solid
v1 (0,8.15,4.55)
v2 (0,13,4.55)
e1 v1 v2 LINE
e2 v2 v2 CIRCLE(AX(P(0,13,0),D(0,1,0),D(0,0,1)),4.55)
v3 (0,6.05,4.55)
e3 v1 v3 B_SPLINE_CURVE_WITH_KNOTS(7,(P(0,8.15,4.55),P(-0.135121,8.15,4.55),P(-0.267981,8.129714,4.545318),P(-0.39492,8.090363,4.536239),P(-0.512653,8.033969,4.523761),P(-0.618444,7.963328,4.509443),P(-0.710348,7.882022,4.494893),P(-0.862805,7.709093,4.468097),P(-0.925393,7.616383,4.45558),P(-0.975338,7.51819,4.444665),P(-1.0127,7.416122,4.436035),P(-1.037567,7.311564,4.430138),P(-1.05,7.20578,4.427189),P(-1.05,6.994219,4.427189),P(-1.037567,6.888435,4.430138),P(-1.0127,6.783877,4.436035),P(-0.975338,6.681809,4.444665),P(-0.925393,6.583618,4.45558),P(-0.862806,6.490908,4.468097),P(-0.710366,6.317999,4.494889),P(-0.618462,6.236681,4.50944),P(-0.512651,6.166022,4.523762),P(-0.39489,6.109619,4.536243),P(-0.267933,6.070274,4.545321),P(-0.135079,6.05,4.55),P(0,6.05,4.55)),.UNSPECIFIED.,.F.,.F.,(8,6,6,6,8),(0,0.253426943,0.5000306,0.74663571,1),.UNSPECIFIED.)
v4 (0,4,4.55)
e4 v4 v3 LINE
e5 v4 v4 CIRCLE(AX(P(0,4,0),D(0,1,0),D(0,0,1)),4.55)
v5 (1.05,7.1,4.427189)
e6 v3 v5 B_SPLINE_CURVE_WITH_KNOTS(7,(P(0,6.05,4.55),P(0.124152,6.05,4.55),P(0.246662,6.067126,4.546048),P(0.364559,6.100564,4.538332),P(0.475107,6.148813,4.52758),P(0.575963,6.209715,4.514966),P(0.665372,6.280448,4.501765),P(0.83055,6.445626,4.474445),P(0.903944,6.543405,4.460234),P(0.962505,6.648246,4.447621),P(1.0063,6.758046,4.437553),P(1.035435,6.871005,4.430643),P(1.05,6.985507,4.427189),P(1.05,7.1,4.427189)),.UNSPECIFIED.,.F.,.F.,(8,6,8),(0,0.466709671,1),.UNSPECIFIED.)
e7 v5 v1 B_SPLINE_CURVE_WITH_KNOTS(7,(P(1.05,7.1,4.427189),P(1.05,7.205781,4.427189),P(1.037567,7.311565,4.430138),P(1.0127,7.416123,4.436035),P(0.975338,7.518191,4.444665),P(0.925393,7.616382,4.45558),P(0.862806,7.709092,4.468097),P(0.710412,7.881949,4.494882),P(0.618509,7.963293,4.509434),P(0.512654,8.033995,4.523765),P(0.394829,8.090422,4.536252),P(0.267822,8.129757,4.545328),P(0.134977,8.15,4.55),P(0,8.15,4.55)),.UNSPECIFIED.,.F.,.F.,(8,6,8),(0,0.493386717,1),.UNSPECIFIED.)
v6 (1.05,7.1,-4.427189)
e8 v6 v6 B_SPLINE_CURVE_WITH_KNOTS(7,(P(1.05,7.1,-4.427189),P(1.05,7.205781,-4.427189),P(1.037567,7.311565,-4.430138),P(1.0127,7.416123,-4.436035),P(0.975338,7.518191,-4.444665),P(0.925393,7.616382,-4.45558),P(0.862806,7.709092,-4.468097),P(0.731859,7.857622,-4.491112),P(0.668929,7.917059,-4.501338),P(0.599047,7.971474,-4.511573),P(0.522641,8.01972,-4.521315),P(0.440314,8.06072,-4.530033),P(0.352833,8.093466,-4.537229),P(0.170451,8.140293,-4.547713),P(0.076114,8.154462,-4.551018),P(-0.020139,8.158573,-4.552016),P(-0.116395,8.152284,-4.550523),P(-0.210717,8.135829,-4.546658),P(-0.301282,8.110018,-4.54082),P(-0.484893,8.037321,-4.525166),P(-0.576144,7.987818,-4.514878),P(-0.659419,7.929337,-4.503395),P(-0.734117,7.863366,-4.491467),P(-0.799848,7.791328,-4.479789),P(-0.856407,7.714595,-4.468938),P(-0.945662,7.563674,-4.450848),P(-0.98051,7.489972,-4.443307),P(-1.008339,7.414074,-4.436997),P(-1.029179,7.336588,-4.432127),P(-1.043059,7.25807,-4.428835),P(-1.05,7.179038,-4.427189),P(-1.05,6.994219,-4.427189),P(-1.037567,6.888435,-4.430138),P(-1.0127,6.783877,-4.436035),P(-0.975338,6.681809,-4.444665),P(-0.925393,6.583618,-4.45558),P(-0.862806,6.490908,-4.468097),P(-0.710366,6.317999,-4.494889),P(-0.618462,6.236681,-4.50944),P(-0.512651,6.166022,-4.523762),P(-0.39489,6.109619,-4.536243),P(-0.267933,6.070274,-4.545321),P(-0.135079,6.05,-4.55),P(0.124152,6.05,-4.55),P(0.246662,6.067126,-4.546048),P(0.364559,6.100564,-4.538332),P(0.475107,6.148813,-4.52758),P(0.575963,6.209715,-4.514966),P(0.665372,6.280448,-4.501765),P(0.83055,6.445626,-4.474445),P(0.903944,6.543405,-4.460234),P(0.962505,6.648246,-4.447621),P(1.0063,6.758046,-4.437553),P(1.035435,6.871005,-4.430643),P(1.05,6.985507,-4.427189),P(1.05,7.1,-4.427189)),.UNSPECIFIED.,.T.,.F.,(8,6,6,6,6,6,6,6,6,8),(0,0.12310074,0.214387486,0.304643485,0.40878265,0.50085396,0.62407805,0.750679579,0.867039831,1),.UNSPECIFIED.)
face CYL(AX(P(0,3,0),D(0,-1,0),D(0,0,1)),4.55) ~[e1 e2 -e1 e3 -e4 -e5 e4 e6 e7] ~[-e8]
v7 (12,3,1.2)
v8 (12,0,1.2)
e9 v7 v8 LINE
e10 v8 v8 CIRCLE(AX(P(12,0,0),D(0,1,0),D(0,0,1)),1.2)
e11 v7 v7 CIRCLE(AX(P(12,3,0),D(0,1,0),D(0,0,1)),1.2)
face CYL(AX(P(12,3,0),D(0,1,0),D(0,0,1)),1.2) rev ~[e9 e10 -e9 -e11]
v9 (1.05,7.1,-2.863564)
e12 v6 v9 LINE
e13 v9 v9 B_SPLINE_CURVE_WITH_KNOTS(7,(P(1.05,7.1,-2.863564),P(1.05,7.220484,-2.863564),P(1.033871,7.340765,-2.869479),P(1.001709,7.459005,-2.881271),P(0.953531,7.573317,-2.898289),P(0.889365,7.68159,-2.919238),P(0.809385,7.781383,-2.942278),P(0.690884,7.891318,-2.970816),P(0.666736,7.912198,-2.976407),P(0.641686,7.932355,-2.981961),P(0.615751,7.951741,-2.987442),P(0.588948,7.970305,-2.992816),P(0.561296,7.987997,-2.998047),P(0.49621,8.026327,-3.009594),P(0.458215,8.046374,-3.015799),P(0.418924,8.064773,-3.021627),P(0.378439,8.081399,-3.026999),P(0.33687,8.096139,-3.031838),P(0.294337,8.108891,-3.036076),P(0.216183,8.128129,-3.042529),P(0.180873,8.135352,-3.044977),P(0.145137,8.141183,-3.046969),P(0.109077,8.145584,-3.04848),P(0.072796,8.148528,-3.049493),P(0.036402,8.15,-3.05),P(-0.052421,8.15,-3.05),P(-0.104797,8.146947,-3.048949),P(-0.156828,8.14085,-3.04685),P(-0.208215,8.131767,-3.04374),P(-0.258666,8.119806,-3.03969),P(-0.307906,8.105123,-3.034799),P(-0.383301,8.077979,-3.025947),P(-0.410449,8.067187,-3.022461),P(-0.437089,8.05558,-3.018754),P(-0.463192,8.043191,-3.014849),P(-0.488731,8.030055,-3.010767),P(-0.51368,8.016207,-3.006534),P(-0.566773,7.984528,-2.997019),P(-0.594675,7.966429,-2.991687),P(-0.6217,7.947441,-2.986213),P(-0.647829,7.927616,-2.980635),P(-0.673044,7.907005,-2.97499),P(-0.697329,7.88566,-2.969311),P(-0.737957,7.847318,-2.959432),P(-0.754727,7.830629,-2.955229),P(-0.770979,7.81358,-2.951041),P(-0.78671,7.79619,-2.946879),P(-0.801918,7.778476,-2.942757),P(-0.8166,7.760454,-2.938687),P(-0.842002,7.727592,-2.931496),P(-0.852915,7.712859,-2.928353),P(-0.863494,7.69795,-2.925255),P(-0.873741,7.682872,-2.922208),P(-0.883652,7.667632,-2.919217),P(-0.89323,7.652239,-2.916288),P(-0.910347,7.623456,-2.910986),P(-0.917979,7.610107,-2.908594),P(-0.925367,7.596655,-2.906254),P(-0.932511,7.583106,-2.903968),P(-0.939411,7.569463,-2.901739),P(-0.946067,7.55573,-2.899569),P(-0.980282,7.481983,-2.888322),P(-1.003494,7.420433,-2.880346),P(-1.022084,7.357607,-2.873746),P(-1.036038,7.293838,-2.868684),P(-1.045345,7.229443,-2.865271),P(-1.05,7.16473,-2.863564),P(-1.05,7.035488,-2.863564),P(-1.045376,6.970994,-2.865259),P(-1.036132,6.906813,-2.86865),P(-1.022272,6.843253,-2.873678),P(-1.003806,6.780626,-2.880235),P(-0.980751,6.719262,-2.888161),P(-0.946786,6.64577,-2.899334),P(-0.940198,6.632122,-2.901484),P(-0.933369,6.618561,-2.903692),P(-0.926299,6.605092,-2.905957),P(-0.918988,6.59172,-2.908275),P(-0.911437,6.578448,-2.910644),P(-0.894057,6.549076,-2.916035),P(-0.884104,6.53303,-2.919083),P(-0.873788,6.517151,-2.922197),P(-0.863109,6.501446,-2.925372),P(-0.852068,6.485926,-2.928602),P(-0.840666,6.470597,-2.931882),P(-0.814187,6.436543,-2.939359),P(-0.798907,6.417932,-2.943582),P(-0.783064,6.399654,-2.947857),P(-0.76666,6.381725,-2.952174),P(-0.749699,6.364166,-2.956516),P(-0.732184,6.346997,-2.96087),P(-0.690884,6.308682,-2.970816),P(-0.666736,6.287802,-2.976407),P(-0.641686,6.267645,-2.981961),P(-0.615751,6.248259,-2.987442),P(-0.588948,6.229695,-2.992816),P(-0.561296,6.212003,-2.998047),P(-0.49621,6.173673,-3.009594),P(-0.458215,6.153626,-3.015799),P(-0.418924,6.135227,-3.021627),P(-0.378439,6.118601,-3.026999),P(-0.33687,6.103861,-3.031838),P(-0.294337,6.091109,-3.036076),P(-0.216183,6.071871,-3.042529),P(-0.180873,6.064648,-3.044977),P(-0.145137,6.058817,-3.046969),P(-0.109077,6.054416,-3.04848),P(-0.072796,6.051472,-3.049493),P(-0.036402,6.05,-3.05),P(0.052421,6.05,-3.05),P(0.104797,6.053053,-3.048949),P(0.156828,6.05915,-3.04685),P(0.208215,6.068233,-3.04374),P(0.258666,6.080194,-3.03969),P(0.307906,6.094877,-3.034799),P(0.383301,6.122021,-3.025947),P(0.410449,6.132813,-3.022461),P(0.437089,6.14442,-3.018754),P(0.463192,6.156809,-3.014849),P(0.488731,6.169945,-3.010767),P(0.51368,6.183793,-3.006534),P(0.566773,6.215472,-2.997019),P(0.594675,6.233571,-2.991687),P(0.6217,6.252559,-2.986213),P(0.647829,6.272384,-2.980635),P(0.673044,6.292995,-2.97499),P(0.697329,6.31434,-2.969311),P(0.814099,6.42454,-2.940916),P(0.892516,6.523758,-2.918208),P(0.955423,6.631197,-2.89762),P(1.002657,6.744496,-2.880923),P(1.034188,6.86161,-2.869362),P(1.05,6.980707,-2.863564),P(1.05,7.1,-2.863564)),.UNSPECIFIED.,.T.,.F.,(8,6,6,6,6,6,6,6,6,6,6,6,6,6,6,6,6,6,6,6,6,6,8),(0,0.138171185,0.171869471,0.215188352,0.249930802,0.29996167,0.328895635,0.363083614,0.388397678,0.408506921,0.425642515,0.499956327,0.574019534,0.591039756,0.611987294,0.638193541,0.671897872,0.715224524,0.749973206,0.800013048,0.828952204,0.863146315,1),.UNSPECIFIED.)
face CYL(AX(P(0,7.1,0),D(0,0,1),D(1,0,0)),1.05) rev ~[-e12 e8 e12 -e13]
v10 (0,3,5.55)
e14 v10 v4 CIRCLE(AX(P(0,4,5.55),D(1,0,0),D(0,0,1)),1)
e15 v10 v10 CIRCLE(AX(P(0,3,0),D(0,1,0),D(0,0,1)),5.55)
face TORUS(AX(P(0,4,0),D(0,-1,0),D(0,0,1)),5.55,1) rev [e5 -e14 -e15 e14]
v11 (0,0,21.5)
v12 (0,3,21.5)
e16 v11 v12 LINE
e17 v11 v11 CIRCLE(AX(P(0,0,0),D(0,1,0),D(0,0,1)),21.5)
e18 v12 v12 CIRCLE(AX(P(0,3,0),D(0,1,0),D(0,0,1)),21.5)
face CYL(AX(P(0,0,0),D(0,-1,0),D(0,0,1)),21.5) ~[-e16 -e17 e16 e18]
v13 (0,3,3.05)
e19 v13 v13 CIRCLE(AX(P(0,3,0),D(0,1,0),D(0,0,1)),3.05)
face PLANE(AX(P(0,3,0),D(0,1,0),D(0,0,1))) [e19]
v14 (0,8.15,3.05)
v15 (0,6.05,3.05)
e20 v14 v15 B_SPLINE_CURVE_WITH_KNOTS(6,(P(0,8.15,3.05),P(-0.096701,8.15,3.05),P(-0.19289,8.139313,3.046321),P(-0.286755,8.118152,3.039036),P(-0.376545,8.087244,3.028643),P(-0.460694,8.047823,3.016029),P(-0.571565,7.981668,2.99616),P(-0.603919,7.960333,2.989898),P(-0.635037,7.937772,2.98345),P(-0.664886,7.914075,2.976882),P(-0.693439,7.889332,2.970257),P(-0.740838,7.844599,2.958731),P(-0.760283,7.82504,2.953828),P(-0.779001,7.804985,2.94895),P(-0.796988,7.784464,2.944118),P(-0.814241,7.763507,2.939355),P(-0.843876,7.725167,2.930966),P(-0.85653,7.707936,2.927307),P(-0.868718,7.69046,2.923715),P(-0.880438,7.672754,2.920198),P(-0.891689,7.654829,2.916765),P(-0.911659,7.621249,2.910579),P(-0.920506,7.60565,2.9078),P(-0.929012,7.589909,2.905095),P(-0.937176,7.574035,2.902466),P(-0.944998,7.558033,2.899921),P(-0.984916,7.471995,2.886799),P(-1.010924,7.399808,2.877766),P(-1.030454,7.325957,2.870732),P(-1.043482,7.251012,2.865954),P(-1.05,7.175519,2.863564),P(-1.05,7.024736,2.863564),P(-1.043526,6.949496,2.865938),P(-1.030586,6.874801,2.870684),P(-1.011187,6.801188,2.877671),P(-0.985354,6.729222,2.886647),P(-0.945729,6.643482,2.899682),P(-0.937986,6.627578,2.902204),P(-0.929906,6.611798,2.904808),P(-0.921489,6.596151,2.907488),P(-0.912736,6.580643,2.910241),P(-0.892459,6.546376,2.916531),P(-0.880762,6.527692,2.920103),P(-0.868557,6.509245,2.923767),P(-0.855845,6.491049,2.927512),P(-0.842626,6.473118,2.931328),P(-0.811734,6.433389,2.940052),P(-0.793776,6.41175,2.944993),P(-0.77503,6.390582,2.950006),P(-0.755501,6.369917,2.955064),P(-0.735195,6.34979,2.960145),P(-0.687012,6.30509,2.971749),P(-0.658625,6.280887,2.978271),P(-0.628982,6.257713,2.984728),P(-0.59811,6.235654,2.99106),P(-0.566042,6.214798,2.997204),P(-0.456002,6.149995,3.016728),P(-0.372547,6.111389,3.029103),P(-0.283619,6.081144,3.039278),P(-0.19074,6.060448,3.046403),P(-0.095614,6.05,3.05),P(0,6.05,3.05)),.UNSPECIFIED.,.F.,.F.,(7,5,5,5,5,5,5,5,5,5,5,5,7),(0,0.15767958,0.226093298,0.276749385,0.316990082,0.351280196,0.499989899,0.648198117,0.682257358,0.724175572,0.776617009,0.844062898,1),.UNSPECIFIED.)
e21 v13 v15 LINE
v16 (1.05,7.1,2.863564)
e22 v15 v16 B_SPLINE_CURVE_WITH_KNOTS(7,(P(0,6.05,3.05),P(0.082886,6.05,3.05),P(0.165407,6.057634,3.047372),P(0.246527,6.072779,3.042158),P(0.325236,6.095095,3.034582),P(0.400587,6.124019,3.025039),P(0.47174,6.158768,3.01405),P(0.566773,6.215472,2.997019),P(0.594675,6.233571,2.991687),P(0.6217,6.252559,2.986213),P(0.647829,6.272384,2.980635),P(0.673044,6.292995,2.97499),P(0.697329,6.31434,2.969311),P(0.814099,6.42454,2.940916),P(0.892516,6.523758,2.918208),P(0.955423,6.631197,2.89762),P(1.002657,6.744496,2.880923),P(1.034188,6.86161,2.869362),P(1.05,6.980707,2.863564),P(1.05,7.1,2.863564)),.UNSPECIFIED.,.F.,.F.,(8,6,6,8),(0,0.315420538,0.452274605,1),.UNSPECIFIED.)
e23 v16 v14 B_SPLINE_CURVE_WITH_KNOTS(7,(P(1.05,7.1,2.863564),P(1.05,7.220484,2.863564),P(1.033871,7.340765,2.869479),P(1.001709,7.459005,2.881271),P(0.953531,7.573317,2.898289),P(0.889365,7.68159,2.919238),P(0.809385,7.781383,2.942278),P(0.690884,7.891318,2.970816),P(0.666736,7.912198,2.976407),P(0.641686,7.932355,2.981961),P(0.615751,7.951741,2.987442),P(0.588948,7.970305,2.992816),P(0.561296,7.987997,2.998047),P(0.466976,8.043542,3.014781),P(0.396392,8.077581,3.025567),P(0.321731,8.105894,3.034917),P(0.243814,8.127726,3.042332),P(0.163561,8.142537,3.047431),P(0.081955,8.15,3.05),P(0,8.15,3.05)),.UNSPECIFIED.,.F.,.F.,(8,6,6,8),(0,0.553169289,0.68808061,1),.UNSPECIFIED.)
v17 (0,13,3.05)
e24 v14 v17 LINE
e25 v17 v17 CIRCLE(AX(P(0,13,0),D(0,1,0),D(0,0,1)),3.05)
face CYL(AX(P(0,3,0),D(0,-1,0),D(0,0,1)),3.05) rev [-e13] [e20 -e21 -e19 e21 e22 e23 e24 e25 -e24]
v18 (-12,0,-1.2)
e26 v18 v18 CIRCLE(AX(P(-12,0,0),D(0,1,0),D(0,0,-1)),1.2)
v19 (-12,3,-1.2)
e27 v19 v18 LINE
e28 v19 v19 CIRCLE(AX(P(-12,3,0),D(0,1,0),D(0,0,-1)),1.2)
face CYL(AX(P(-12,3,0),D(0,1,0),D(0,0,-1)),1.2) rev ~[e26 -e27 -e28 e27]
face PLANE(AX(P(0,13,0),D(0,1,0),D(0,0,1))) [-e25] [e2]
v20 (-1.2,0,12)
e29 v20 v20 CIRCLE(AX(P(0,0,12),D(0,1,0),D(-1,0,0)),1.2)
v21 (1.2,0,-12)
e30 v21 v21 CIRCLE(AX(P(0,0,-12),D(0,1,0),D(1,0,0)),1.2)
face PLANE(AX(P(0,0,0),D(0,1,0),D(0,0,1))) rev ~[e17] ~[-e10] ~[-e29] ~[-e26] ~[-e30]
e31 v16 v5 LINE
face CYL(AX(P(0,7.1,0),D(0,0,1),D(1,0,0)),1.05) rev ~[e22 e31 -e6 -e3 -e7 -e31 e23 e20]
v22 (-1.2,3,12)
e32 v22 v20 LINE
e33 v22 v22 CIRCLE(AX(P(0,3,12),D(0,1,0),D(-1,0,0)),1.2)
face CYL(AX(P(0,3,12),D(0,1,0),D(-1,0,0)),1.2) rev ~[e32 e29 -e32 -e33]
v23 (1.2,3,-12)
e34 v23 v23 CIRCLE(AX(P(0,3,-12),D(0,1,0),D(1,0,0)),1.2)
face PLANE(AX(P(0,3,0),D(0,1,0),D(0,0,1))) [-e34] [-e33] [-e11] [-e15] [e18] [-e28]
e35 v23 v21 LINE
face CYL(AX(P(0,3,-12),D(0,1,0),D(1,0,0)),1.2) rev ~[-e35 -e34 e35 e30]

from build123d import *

# Parameters (mm, degrees)
SKETCH_1_R               = 21.5
EXTRUDE_1_DEPTH          = 3
SKETCH_2_R               = 4.55
SKETCH_2_R_2             = 3.05
EXTRUDE_2_DEPTH          = 10
SKETCH_3_R               = 1.05
CUT_EXTRUDE_1_DEPTH      = 8.5
CUT_EXTRUDE_2_REACH      = 34.008
SKETCH_4_R               = 1.2
PATTERN_CIRCULAR_1_COUNT = 4
FILLET_1_R               = 1


with BuildPart() as part:
    # 草图1 → 凸台-拉伸1 (new body)
    with BuildSketch(Plane(origin=(0, 0, 0), x_dir=(1, 0, 0), z_dir=(0, 1, 0))):
        with Locations(Location((0, 0, 0), (0, 0, 270))):
            Circle(SKETCH_1_R)
    extrude(amount=EXTRUDE_1_DEPTH)

    # 草图2 → 凸台-拉伸2 (add)
    with BuildSketch(Plane(origin=(0, 3, 0), x_dir=(1, 0, 0), z_dir=(0, 1, 0))):
        with Locations(Location((0, 0, 0), (0, 0, 270))):
            Circle(SKETCH_2_R)
        with Locations(Location((0, 0, 0), (0, 0, 270))):
            Circle(SKETCH_2_R_2, mode=Mode.SUBTRACT)
    extrude(amount=EXTRUDE_2_DEPTH)

    # 草图3 → 切除-拉伸1 (cut, symmetric)
    with BuildSketch(Plane.XY):
        with Locations((0, 7.1)):
            Circle(SKETCH_3_R)
    extrude(amount=CUT_EXTRUDE_1_DEPTH, both=True, mode=Mode.SUBTRACT)

    # 草图4 → 切除-拉伸2 (cut, up to next)
    with BuildSketch(Plane(origin=(0, 3, 0), x_dir=(1, 0, 0), z_dir=(0, 1, 0)), mode=Mode.PRIVATE) as cut_extrude_2_sk1:
        with Locations(Location((12, 0, 0), (0, 0, 270))):
            Circle(SKETCH_4_R)
    cut_extrude_2_tool1 = extrude(cut_extrude_2_sk1.sketch, amount=-CUT_EXTRUDE_2_REACH, mode=Mode.PRIVATE) & part.part
    cut_extrude_2 = cut_extrude_2_tool1.solids().sort_by_distance((12, 3, 0))[0]
    add(cut_extrude_2, mode=Mode.SUBTRACT)

    # 阵列(圆周)1: 切除-拉伸2 ×4 about axis
    pattern_circular_1_axis = Axis((0, 0, 0), (0, 1, 0))
    for i in range(1, PATTERN_CIRCULAR_1_COUNT):
        add(cut_extrude_2.rotate(pattern_circular_1_axis, i * 360 / PATTERN_CIRCULAR_1_COUNT), mode=Mode.SUBTRACT)

    # 圆角1
    fillet_1_edges = [part.edges().sort_by_distance(p)[0] for p in [
        (0, 3, -4.55),
    ]]
    fillet(fillet_1_edges, radius=FILLET_1_R)


solid = part.part
